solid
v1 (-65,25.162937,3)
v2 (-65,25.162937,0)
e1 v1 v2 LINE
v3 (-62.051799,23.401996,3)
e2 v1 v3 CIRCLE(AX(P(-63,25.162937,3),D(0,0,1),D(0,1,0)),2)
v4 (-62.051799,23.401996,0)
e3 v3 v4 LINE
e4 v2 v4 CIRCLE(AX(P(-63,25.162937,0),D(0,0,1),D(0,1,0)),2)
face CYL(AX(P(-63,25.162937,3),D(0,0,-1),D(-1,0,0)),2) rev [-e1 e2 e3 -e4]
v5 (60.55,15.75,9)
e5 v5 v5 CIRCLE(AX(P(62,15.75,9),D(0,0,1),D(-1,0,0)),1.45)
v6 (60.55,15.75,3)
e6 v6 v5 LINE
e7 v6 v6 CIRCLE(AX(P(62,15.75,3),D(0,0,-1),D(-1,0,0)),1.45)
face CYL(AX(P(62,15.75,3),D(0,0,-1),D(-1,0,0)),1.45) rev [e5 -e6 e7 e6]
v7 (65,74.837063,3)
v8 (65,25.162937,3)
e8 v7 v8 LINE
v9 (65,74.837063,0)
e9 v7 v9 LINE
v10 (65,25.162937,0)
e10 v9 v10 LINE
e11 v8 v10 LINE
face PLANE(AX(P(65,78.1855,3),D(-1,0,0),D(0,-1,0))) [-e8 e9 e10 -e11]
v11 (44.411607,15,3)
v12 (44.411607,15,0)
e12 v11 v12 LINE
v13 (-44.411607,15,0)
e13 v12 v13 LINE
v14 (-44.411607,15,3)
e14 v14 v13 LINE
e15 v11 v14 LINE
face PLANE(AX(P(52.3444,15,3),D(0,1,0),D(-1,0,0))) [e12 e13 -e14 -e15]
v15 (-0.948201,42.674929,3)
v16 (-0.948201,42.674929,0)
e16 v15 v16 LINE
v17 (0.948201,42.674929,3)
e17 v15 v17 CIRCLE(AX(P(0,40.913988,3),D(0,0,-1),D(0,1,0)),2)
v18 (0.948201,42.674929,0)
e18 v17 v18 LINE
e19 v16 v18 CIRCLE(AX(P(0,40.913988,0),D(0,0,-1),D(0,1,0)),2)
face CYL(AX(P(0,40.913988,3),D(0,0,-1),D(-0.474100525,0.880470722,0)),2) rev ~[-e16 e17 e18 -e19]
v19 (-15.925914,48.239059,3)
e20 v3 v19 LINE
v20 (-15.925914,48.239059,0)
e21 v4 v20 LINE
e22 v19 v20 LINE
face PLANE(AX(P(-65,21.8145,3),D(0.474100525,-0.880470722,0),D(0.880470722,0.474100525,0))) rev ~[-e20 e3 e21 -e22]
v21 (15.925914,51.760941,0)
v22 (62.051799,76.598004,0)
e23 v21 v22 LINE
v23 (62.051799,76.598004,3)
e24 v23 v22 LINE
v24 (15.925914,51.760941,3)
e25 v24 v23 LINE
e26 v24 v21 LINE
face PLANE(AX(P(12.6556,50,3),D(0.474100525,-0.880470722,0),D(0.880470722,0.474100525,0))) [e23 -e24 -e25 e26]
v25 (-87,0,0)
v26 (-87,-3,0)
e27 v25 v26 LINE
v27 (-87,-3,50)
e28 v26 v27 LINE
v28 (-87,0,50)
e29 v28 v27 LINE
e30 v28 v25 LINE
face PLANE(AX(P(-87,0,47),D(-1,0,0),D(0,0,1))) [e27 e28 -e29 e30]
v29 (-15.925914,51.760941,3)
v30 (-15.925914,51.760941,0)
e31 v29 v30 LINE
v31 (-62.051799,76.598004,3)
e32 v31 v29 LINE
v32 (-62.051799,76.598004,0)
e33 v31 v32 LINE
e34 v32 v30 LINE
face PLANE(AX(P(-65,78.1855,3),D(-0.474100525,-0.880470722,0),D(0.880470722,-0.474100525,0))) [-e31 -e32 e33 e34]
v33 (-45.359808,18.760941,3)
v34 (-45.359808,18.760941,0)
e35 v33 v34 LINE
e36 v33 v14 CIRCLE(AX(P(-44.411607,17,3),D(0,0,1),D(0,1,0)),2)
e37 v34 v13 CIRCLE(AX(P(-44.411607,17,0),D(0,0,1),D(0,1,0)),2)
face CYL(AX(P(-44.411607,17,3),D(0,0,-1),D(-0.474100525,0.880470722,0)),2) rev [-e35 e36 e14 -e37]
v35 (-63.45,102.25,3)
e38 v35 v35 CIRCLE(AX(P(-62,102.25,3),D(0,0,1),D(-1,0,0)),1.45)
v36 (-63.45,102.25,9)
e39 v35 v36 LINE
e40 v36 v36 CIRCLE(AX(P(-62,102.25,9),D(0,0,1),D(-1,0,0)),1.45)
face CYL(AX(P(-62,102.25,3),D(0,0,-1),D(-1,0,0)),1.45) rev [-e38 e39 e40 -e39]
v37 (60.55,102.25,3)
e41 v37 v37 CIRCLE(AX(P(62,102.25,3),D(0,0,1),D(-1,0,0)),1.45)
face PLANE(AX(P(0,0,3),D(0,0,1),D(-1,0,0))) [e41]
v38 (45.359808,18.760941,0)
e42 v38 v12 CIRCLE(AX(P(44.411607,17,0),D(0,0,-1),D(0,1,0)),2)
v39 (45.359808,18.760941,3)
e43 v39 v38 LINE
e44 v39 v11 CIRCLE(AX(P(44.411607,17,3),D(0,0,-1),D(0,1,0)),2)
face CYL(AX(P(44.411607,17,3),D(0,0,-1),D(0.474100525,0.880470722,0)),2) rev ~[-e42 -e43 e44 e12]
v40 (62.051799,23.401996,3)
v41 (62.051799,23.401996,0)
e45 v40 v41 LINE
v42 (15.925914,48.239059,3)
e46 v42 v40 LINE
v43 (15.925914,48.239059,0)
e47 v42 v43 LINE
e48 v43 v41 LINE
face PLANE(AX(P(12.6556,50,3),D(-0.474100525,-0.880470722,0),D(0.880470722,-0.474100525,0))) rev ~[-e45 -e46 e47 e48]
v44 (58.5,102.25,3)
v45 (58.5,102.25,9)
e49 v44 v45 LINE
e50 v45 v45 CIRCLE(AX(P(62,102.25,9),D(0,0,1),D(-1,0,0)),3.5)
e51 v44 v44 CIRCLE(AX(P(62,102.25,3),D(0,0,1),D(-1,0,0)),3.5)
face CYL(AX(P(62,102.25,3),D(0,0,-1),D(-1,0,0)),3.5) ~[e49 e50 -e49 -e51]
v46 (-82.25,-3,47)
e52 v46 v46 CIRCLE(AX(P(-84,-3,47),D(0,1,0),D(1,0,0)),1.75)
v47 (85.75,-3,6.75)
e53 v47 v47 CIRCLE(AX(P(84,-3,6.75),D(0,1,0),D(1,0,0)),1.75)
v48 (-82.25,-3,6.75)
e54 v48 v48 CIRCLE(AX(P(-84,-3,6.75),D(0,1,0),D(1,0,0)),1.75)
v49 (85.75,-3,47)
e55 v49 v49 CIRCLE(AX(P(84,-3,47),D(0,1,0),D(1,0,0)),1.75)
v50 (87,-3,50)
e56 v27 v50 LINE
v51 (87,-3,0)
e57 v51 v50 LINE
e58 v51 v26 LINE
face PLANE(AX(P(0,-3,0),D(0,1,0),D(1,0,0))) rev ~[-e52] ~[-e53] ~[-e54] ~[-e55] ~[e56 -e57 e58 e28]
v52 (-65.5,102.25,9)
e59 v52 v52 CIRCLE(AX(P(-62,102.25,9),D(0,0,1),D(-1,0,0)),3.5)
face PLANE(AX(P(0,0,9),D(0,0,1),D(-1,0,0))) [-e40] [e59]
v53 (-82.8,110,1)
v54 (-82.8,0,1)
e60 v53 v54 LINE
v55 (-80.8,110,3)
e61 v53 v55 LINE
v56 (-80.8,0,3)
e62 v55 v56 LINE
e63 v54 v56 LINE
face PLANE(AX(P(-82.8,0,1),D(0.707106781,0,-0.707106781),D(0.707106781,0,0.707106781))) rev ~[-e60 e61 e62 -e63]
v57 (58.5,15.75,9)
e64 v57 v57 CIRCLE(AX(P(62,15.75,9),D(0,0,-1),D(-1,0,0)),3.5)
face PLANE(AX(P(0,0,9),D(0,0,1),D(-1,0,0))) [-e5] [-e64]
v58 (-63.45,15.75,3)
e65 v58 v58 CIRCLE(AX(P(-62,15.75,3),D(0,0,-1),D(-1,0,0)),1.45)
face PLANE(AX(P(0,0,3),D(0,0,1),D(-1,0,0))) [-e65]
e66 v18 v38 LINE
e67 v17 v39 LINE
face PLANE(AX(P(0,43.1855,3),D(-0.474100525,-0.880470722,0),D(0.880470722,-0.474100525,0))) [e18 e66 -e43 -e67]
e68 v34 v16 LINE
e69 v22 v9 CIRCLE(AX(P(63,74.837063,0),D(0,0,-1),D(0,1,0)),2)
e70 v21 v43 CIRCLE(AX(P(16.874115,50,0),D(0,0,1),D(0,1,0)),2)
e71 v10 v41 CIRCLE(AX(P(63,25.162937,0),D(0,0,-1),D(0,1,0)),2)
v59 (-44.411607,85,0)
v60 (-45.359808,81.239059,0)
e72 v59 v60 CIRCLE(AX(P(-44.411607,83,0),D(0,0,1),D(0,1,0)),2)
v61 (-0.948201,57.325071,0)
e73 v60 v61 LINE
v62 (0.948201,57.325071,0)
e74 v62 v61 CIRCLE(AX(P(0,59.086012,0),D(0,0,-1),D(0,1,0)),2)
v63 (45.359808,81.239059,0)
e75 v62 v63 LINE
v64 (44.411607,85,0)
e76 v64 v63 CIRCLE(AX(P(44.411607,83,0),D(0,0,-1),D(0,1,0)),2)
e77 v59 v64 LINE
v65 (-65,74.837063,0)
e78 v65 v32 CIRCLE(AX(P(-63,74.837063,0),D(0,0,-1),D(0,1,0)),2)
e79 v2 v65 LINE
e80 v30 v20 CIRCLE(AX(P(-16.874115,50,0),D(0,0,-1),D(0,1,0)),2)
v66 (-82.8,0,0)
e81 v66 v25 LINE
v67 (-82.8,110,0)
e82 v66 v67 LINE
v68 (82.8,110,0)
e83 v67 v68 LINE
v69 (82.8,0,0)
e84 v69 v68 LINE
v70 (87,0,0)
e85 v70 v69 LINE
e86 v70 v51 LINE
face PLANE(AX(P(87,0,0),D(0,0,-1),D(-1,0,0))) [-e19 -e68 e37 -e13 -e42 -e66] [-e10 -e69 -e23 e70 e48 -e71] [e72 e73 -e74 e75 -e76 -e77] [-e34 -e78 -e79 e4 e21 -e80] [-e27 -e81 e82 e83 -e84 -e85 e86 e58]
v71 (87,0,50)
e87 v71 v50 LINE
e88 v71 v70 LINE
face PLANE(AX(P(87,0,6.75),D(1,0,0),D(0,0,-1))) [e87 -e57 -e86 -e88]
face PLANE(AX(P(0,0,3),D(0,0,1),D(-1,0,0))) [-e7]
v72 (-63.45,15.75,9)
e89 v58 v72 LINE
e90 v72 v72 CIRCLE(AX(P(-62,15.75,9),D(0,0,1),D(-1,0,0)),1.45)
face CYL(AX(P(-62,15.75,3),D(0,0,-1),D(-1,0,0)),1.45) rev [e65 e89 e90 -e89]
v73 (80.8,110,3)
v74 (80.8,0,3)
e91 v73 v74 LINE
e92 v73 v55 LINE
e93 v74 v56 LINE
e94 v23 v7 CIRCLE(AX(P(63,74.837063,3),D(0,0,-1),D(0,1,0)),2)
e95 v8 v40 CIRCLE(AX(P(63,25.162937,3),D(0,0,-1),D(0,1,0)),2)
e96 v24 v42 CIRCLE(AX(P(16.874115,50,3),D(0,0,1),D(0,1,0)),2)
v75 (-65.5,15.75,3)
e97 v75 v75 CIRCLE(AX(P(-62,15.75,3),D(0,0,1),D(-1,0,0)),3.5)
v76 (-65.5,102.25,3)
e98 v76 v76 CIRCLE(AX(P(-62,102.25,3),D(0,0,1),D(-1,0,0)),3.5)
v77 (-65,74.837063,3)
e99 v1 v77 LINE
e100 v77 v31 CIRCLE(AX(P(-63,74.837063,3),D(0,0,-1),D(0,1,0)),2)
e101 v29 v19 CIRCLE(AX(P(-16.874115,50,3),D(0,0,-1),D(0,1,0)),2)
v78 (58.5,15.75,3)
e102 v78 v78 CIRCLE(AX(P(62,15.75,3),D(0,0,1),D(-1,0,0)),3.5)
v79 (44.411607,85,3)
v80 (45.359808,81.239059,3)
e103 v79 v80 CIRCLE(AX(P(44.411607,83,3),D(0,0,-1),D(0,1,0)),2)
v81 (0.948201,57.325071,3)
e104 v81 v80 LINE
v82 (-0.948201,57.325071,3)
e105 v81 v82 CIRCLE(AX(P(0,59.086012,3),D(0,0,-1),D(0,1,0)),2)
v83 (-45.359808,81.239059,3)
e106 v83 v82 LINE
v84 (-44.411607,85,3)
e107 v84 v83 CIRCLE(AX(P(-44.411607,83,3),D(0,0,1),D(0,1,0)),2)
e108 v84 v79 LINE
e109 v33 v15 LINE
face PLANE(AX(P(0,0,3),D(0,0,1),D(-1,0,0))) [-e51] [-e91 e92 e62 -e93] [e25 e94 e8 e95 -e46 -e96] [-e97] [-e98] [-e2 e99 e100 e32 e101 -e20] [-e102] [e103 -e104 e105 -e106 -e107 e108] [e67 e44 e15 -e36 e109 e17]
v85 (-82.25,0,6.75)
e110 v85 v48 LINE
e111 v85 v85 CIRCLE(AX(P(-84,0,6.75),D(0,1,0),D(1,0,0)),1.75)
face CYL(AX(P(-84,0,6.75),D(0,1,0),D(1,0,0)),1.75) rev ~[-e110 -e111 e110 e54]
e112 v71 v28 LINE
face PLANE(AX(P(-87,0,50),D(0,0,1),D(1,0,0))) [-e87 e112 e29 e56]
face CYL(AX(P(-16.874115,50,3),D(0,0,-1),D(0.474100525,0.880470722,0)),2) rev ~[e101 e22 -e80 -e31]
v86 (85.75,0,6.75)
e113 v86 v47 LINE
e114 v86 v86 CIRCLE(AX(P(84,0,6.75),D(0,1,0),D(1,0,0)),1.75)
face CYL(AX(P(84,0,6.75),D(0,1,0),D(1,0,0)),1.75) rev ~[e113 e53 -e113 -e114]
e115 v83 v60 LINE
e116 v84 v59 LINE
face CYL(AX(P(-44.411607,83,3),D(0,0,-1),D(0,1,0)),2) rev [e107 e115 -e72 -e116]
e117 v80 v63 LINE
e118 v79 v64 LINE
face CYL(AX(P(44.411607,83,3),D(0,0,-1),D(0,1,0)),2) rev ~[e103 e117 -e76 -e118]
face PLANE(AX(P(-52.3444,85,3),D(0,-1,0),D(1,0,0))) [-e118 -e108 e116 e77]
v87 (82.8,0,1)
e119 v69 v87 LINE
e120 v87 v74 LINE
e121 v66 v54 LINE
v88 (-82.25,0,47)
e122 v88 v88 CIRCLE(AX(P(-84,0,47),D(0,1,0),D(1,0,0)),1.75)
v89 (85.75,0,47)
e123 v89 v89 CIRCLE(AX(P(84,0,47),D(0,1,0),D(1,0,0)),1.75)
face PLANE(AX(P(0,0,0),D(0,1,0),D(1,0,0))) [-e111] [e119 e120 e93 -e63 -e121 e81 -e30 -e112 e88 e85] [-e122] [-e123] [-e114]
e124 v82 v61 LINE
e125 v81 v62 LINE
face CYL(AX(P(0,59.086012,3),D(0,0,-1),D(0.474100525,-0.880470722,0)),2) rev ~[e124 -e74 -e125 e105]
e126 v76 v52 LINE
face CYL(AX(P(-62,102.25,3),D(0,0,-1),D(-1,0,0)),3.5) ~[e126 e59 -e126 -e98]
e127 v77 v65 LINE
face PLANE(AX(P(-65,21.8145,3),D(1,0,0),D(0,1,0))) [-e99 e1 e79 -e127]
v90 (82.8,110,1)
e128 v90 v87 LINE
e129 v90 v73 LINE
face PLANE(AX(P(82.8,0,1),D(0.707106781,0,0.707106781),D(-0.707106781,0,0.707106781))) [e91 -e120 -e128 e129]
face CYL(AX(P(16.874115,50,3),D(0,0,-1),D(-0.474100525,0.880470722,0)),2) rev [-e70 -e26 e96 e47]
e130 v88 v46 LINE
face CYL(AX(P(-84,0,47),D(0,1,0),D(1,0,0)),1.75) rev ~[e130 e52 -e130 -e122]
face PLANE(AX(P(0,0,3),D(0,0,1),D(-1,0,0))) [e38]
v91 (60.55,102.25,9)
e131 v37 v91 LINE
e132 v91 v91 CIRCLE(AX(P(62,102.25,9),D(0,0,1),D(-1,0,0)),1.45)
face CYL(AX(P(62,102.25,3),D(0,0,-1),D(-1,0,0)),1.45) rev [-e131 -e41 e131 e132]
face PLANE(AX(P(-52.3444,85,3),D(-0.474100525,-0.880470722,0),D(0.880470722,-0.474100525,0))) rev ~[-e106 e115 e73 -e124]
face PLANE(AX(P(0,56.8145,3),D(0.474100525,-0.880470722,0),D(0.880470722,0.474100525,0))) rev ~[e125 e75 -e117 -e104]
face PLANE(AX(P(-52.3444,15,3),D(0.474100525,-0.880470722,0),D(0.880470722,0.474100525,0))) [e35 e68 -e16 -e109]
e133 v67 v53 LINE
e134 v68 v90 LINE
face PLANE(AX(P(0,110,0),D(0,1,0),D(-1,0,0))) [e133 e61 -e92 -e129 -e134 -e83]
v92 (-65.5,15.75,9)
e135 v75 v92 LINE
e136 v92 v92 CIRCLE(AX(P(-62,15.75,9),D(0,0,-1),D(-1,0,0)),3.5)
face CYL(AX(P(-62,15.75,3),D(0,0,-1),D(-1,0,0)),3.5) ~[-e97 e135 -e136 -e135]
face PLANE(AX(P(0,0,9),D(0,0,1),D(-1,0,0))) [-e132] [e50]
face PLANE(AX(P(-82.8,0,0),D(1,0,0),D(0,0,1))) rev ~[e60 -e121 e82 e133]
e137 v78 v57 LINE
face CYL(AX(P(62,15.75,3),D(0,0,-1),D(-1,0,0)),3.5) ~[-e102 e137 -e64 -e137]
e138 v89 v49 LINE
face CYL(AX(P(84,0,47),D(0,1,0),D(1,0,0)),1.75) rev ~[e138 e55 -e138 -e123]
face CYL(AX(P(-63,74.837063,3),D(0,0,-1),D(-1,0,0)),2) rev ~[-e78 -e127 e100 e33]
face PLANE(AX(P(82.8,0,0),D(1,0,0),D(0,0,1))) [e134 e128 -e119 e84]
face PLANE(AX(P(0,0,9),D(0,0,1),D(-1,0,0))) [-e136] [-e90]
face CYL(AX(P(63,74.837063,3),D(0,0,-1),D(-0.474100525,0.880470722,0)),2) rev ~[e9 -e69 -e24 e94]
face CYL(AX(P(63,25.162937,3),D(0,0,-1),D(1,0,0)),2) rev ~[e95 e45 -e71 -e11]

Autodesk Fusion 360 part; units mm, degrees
sketch "Sketch13" plane through (0, 0, 0) normal (0, 0, -1) x (1, 0, 0)
  line L0 (0.9482, -57.3251) -> (45.3598, -81.2391)
  arc A0 (44.4116, -85) -> (45.3598, -81.2391) centre (44.4116, -83) ccw
  line L1 (44.4116, -85) -> (-44.4116, -85)
  arc A1 (-45.3598, -81.2391) -> (-44.4116, -85) centre (-44.4116, -83) ccw
  line L2 (-45.3598, -81.2391) -> (-0.9482, -57.3251)
  arc A2 (0.9482, -57.3251) -> (-0.9482, -57.3251) centre (0, -59.086) ccw
  line L3 (65, -25.163) -> (65, -74.837)
  arc A3 (62.0518, -76.598) -> (65, -74.837) centre (63, -74.837) ccw
  line L4 (62.0518, -76.598) -> (15.9259, -51.7609)
  arc A4 (15.9259, -48.2391) -> (15.9259, -51.7609) centre (16.8741, -50) ccw
  line L5 (15.9259, -48.2391) -> (62.0518, -23.402)
  arc A5 (65, -25.163) -> (62.0518, -23.402) centre (63, -25.163) ccw
  line L6 (-62.0518, -23.402) -> (-15.9259, -48.2391)
  arc A6 (-15.9259, -51.7609) -> (-15.9259, -48.2391) centre (-16.8741, -50) ccw
  line L7 (-15.9259, -51.7609) -> (-62.0518, -76.598)
  arc A7 (-65, -74.837) -> (-62.0518, -76.598) centre (-63, -74.837) ccw
  line L8 (-65, -74.837) -> (-65, -25.163)
  arc A8 (-62.0518, -23.402) -> (-65, -25.163) centre (-63, -25.163) ccw
  line L9 (45.3598, -18.7609) -> (0.9482, -42.6749)
  arc A9 (-0.9482, -42.6749) -> (0.9482, -42.6749) centre (0, -40.914) ccw
  line L10 (-0.9482, -42.6749) -> (-45.3598, -18.7609)
  arc A10 (-44.4116, -15) -> (-45.3598, -18.7609) centre (-44.4116, -17) ccw
  line L11 (-44.4116, -15) -> (44.4116, -15)
  arc A11 (45.3598, -18.7609) -> (44.4116, -15) centre (44.4116, -17) ccw
  line L12 (82.8, 0) -> (87, 0)
  line L13 (87, 0) -> (87, 3)
  line L14 (87, 3) -> (-87, 3)
  line L15 (-87, 3) -> (-87, 0)
  line L16 (-87, 0) -> (-82.8, 0)
  line L17 (-82.8, 0) -> (-82.8, -110)
  line L18 (-82.8, -110) -> (82.8, -110)
  line L19 (82.8, -110) -> (82.8, 0)
  line L20 (65.8, -110) -> (50.8, -110)
  line L21 (50.8, -110) -> (50.8, -60)
  line L22 (50.8, -60) -> (65.8, -60)
  line L23 (65.8, -60) -> (65.8, -110)
  line L24 (-38.8, -110) -> (-53.8, -110)
  line L25 (-53.8, -110) -> (-53.8, -2)
  line L26 (-53.8, -2) -> (-38.8, -2)
  line L27 (-38.8, -2) -> (-38.8, -110)
  dimension "d1" = 15
  dimension "d2" = 15
  dimension "d3" = 17
  dimension "d4" = 50
  dimension "d5" = 108
  dimension "d6" = 29
sketch "Sketch14" plane through (0, 0, 0) normal (0, 0, -1) x (1, 0, 0)
  line L0 (-62.0518, -23.402) -> (-15.9259, -48.2391)
  arc A0 (-15.9259, -51.7609) -> (-15.9259, -48.2391) centre (-16.8741, -50) ccw
  line L1 (-15.9259, -51.7609) -> (-62.0518, -76.598)
  arc A1 (-65, -74.837) -> (-62.0518, -76.598) centre (-63, -74.837) ccw
  line L2 (-65, -74.837) -> (-65, -25.163)
  arc A2 (-62.0518, -23.402) -> (-65, -25.163) centre (-63, -25.163) ccw
  line L3 (-0.9482, -42.6749) -> (-45.3598, -18.7609)
  arc A3 (-44.4116, -15) -> (-45.3598, -18.7609) centre (-44.4116, -17) ccw
  line L4 (-44.4116, -15) -> (44.4116, -15)
  arc A4 (45.3598, -18.7609) -> (44.4116, -15) centre (44.4116, -17) ccw
  line L5 (45.3598, -18.7609) -> (0.9482, -42.6749)
  arc A5 (-0.9482, -42.6749) -> (0.9482, -42.6749) centre (0, -40.914) ccw
  line L6 (-82.8, -110) -> (82.8, -110)
  line L7 (82.8, -110) -> (82.8, 0)
  line L8 (82.8, 0) -> (87, 0)
  line L9 (87, 0) -> (87, 3)
  line L10 (87, 3) -> (-87, 3)
  line L11 (-87, 3) -> (-87, 0)
  line L12 (-87, 0) -> (-82.8, 0)
  line L13 (-82.8, 0) -> (-82.8, -110)
  line L14 (44.4116, -85) -> (-44.4116, -85)
  arc A6 (-45.3598, -81.2391) -> (-44.4116, -85) centre (-44.4116, -83) ccw
  line L15 (-45.3598, -81.2391) -> (-0.9482, -57.3251)
  arc A7 (0.9482, -57.3251) -> (-0.9482, -57.3251) centre (0, -59.086) ccw
  line L16 (0.9482, -57.3251) -> (45.3598, -81.2391)
  arc A8 (44.4116, -85) -> (45.3598, -81.2391) centre (44.4116, -83) ccw
  line L17 (62.0518, -76.598) -> (15.9259, -51.7609)
  arc A9 (15.9259, -48.2391) -> (15.9259, -51.7609) centre (16.8741, -50) ccw
  line L18 (15.9259, -48.2391) -> (62.0518, -23.402)
  arc A10 (65, -25.163) -> (62.0518, -23.402) centre (63, -25.163) ccw
  line L19 (65, -25.163) -> (65, -74.837)
  arc A11 (62.0518, -76.598) -> (65, -74.837) centre (63, -74.837) ccw
  line L20 (65.3, -110) -> (51.3, -110)
  line L21 (51.3, -110) -> (51.3, -61)
  line L22 (51.3, -61) -> (65.3, -61)
  line L23 (65.3, -61) -> (65.3, -110)
  line L24 (-39.3, -110) -> (-53.3, -110)
  line L25 (-53.3, -110) -> (-53.3, -3)
  line L26 (-53.3, -3) -> (-39.3, -3)
  line L27 (-39.3, -3) -> (-39.3, -110)
  dimension "d7" = 107
  dimension "d8" = 49
  dimension "d9" = 14
  dimension "d10" = 14
  dimension "d11" = 29.5
  dimension "d12" = 17.5
sketch "Sketch1" plane through (0, 0, 0) normal (0, 1, 0) x (1, 0, 0)
  line L0 (-75, 0) -> (75, 0) construction
  line L1 (-87, -50) -> (87, -50)
  line L2 (87, -50) -> (87, 0)
  line L3 (87, 0) -> (-87, 0)
  line L4 (-87, 0) -> (-87, -50)
  line L5 (0, -100) -> (0, 100) construction
  circle A0 centre (-84, -47) radius 1.75
  circle A1 centre (-84, -47) radius 3
  circle A2 centre (-84, -6.75) radius 1.75
  circle A3 centre (-84, -6.75) radius 3
  circle A4 centre (84, -47) radius 1.75
  circle A5 centre (84, -47) radius 3
  circle A6 centre (84, -6.75) radius 1.75
  circle A7 centre (84, -6.75) radius 3
  line L6 (-87, -5) -> (87, -5) construction
  dimension "d99_1" = 150
  dimension "d100_1" = 174
  dimension "d101_1" = 50
  dimension "d102_1" = 200
  dimension "d103_1" = 3.5
  dimension "d104_1" = 6
  dimension "d105_1" = 3.5
  dimension "d106_1" = 6
  dimension "d107_1" = 3.5
  dimension "d108_1" = 6
  dimension "d109_1" = 3.5
  dimension "d110_1" = 6
  dimension "d111_1" = 5
extrude "Extrude1" add sketch "Sketch1" against normal blind 3 contours L1 L4 A1 | A7 | A3 | L1 L2 L3 L4 A1 A5 | A1 | L1 L2 A5 | A5
sketch "Sketch2" plane through (0, 0, 0) normal (0, 1, 0) x (-1, 0, 0)
  circle A0 centre (-84, 6.75) radius 1.75
  circle A1 centre (-84, 47) radius 1.75
  circle A2 centre (84, 6.75) radius 1.75
  circle A3 centre (84, 47) radius 1.75
  line L0 (87, 50) -> (-87, 50)
  line L1 (-87, 50) -> (-87, 0)
  line L2 (-87, 0) -> (87, 0)
  line L3 (87, 0) -> (87, 50)
  line L4 (-87, 3) -> (87, 3)
  line L5 (-82.8, 0) -> (-82.8, 1)
  line L6 (-82.8, 1) -> (-80.8, 3)
  line L7 (-82.8, 1) -> (82.8, 1) construction
  line L8 (82.8, 0) -> (82.8, 1)
  line L9 (82.8, 1) -> (80.8, 3)
  line L10 (0, 70.9993) -> (0, -26.0281) construction
  line L11 (0, 100) -> (0, -100)
  point P0 (0, 1)
  dimension "d114_1" = 3
  dimension "d115_1" = 1
  dimension "d116_1" = 45
  dimension "d118_1" = 1
  dimension "d119_1" = 135
  dimension "d18" = 165.6
extrude "Extrude22" add sketch "Sketch2" along normal blind 8 contours L2 L4 L5 L6 L11 | L2 L4 L8 L9 L11
extrude "Extrude2" add sketch "Sketch2" along normal blind 110 contours L2 L4 L5 L6 L11 | L2 L4 L8 L9 L11
sketch "Sketch3" plane through (0, 0, 3) normal (0, 0, 1) x (-1, 0, 0)
  line L0 (80.8, 0) -> (-80.8, 0)
  line L1 (-80.8, 0) -> (-80.8, -110)
  line L2 (-80.8, -110) -> (80.8, -110)
  line L3 (80.8, -110) -> (80.8, 0)
  line L4 (0, 0) -> (0, -110) construction
  line L5 (82.8, 0, -3) -> (82.8, -110, -3) construction
  line L6 (82.8, -55, -3) -> (62.187, -54.4724, -3.177) construction
  line L7 (-82.8, 0, -2) -> (-82.8, -110, -2) construction
  line L8 (62.187, -54.4724, -3.177) -> (-82.8, -55, -2) construction
  circle A0 centre (62, -15.75) radius 1.45
  circle A1 centre (62, -15.75) radius 3.5
  circle A2 centre (62, -102.25) radius 1.45
  circle A3 centre (62, -102.25) radius 3.5
  circle A4 centre (-62, -15.75) radius 1.45
  circle A5 centre (-62, -15.75) radius 3.5
  circle A6 centre (-62, -102.25) radius 1.45
  circle A7 centre (-62, -102.25) radius 3.5
  line L9 (65, -85) -> (-65, -85)
  line L10 (-65, -85) -> (-65, -15)
  line L11 (-65, -15) -> (65, -15)
  line L12 (65, -15) -> (65, -85)
  line L13 (65, -15) -> (-65, -85) construction
  line L14 (65, -85) -> (-65, -15) construction
  line L15 (65, -78.1855) -> (12.6556, -50)
  line L16 (0, -43.1855) -> (-52.3444, -15)
  line L17 (52.3444, -85) -> (0, -56.8145)
  line L18 (-12.6556, -50) -> (-65, -21.8145)
  line L19 (65, -21.8145) -> (12.6556, -50)
  line L20 (0, -56.8145) -> (-52.3444, -85)
  line L21 (52.3444, -15) -> (0, -43.1855)
  line L22 (-12.6556, -50) -> (-65, -78.1855)
  line L23 (73.5, 0) -> (-73.5, 0) construction
  line L24 (-73.5, 0) -> (-73.5, -95) construction
  line L25 (-73.5, -95) -> (73.5, -95) construction
  line L26 (73.5, -95) -> (73.5, 0) construction
  point P0 (0, -55)
  dimension "d124_1" = 2.9
  dimension "d125_1" = 7
  dimension "d126_1" = 2.9
  dimension "d127_1" = 7
  dimension "d128_1" = 2.9
  dimension "d129_1" = 7
  dimension "d130_1" = 2.9
  dimension "d131_1" = 7
  dimension "d132_1" = 86.5
  dimension "d133_1" = 124
  dimension "d134_1" = 15.75
  dimension "d149_1" = 130
  dimension "d150_1" = 70
  dimension "d154_1" = 6
  dimension "d31" = 147
  dimension "d32" = 95
  dimension "d33" = 6
  dimension "d34" = 15
  dimension "d35" = 6
  dimension "d175" = 86.5
extrude "Extrude6" cut sketch "Sketch3" against normal blind 3 contours L11 L16 L21 | L12 L15 L19 | L9 L17 L20 | L10 L18 L22
extrude "Extrude3" add sketch "Sketch3" along normal blind 6 contours A0 A1 L11 L12 | A0 A1 L11 L12 | A4 A5 L10 L11 | A4 A5 L10 L11 | A3 | A7
fillet "Fillet1" radius 2 12 edges at (-52.3444, 85, 1.5) (12.6556, 50, 1.5) (0, 56.8145, 1.5) (-12.6556, 50, 1.5) (0, 43.1855, 1.5) (52.3444, 85, 1.5) (-65, 21.8145, 1.5) (-65, 78.1855, 1.5) (65, 78.1855, 1.5) (65, 21.8145, 1.5) (52.3444, 15, 1.5) (-52.3444, 15, 1.5)
extrude "Extrude31" [suppressed]
chamfer "Chamfer38" [suppressed]
chamfer "Chamfer39" [suppressed]
chamfer "Chamfer40" [suppressed]
chamfer "Chamfer41" [suppressed]
chamfer "Chamfer42" [suppressed]
extrude "Extrude32" [suppressed]
chamfer "Chamfer43" [suppressed]
